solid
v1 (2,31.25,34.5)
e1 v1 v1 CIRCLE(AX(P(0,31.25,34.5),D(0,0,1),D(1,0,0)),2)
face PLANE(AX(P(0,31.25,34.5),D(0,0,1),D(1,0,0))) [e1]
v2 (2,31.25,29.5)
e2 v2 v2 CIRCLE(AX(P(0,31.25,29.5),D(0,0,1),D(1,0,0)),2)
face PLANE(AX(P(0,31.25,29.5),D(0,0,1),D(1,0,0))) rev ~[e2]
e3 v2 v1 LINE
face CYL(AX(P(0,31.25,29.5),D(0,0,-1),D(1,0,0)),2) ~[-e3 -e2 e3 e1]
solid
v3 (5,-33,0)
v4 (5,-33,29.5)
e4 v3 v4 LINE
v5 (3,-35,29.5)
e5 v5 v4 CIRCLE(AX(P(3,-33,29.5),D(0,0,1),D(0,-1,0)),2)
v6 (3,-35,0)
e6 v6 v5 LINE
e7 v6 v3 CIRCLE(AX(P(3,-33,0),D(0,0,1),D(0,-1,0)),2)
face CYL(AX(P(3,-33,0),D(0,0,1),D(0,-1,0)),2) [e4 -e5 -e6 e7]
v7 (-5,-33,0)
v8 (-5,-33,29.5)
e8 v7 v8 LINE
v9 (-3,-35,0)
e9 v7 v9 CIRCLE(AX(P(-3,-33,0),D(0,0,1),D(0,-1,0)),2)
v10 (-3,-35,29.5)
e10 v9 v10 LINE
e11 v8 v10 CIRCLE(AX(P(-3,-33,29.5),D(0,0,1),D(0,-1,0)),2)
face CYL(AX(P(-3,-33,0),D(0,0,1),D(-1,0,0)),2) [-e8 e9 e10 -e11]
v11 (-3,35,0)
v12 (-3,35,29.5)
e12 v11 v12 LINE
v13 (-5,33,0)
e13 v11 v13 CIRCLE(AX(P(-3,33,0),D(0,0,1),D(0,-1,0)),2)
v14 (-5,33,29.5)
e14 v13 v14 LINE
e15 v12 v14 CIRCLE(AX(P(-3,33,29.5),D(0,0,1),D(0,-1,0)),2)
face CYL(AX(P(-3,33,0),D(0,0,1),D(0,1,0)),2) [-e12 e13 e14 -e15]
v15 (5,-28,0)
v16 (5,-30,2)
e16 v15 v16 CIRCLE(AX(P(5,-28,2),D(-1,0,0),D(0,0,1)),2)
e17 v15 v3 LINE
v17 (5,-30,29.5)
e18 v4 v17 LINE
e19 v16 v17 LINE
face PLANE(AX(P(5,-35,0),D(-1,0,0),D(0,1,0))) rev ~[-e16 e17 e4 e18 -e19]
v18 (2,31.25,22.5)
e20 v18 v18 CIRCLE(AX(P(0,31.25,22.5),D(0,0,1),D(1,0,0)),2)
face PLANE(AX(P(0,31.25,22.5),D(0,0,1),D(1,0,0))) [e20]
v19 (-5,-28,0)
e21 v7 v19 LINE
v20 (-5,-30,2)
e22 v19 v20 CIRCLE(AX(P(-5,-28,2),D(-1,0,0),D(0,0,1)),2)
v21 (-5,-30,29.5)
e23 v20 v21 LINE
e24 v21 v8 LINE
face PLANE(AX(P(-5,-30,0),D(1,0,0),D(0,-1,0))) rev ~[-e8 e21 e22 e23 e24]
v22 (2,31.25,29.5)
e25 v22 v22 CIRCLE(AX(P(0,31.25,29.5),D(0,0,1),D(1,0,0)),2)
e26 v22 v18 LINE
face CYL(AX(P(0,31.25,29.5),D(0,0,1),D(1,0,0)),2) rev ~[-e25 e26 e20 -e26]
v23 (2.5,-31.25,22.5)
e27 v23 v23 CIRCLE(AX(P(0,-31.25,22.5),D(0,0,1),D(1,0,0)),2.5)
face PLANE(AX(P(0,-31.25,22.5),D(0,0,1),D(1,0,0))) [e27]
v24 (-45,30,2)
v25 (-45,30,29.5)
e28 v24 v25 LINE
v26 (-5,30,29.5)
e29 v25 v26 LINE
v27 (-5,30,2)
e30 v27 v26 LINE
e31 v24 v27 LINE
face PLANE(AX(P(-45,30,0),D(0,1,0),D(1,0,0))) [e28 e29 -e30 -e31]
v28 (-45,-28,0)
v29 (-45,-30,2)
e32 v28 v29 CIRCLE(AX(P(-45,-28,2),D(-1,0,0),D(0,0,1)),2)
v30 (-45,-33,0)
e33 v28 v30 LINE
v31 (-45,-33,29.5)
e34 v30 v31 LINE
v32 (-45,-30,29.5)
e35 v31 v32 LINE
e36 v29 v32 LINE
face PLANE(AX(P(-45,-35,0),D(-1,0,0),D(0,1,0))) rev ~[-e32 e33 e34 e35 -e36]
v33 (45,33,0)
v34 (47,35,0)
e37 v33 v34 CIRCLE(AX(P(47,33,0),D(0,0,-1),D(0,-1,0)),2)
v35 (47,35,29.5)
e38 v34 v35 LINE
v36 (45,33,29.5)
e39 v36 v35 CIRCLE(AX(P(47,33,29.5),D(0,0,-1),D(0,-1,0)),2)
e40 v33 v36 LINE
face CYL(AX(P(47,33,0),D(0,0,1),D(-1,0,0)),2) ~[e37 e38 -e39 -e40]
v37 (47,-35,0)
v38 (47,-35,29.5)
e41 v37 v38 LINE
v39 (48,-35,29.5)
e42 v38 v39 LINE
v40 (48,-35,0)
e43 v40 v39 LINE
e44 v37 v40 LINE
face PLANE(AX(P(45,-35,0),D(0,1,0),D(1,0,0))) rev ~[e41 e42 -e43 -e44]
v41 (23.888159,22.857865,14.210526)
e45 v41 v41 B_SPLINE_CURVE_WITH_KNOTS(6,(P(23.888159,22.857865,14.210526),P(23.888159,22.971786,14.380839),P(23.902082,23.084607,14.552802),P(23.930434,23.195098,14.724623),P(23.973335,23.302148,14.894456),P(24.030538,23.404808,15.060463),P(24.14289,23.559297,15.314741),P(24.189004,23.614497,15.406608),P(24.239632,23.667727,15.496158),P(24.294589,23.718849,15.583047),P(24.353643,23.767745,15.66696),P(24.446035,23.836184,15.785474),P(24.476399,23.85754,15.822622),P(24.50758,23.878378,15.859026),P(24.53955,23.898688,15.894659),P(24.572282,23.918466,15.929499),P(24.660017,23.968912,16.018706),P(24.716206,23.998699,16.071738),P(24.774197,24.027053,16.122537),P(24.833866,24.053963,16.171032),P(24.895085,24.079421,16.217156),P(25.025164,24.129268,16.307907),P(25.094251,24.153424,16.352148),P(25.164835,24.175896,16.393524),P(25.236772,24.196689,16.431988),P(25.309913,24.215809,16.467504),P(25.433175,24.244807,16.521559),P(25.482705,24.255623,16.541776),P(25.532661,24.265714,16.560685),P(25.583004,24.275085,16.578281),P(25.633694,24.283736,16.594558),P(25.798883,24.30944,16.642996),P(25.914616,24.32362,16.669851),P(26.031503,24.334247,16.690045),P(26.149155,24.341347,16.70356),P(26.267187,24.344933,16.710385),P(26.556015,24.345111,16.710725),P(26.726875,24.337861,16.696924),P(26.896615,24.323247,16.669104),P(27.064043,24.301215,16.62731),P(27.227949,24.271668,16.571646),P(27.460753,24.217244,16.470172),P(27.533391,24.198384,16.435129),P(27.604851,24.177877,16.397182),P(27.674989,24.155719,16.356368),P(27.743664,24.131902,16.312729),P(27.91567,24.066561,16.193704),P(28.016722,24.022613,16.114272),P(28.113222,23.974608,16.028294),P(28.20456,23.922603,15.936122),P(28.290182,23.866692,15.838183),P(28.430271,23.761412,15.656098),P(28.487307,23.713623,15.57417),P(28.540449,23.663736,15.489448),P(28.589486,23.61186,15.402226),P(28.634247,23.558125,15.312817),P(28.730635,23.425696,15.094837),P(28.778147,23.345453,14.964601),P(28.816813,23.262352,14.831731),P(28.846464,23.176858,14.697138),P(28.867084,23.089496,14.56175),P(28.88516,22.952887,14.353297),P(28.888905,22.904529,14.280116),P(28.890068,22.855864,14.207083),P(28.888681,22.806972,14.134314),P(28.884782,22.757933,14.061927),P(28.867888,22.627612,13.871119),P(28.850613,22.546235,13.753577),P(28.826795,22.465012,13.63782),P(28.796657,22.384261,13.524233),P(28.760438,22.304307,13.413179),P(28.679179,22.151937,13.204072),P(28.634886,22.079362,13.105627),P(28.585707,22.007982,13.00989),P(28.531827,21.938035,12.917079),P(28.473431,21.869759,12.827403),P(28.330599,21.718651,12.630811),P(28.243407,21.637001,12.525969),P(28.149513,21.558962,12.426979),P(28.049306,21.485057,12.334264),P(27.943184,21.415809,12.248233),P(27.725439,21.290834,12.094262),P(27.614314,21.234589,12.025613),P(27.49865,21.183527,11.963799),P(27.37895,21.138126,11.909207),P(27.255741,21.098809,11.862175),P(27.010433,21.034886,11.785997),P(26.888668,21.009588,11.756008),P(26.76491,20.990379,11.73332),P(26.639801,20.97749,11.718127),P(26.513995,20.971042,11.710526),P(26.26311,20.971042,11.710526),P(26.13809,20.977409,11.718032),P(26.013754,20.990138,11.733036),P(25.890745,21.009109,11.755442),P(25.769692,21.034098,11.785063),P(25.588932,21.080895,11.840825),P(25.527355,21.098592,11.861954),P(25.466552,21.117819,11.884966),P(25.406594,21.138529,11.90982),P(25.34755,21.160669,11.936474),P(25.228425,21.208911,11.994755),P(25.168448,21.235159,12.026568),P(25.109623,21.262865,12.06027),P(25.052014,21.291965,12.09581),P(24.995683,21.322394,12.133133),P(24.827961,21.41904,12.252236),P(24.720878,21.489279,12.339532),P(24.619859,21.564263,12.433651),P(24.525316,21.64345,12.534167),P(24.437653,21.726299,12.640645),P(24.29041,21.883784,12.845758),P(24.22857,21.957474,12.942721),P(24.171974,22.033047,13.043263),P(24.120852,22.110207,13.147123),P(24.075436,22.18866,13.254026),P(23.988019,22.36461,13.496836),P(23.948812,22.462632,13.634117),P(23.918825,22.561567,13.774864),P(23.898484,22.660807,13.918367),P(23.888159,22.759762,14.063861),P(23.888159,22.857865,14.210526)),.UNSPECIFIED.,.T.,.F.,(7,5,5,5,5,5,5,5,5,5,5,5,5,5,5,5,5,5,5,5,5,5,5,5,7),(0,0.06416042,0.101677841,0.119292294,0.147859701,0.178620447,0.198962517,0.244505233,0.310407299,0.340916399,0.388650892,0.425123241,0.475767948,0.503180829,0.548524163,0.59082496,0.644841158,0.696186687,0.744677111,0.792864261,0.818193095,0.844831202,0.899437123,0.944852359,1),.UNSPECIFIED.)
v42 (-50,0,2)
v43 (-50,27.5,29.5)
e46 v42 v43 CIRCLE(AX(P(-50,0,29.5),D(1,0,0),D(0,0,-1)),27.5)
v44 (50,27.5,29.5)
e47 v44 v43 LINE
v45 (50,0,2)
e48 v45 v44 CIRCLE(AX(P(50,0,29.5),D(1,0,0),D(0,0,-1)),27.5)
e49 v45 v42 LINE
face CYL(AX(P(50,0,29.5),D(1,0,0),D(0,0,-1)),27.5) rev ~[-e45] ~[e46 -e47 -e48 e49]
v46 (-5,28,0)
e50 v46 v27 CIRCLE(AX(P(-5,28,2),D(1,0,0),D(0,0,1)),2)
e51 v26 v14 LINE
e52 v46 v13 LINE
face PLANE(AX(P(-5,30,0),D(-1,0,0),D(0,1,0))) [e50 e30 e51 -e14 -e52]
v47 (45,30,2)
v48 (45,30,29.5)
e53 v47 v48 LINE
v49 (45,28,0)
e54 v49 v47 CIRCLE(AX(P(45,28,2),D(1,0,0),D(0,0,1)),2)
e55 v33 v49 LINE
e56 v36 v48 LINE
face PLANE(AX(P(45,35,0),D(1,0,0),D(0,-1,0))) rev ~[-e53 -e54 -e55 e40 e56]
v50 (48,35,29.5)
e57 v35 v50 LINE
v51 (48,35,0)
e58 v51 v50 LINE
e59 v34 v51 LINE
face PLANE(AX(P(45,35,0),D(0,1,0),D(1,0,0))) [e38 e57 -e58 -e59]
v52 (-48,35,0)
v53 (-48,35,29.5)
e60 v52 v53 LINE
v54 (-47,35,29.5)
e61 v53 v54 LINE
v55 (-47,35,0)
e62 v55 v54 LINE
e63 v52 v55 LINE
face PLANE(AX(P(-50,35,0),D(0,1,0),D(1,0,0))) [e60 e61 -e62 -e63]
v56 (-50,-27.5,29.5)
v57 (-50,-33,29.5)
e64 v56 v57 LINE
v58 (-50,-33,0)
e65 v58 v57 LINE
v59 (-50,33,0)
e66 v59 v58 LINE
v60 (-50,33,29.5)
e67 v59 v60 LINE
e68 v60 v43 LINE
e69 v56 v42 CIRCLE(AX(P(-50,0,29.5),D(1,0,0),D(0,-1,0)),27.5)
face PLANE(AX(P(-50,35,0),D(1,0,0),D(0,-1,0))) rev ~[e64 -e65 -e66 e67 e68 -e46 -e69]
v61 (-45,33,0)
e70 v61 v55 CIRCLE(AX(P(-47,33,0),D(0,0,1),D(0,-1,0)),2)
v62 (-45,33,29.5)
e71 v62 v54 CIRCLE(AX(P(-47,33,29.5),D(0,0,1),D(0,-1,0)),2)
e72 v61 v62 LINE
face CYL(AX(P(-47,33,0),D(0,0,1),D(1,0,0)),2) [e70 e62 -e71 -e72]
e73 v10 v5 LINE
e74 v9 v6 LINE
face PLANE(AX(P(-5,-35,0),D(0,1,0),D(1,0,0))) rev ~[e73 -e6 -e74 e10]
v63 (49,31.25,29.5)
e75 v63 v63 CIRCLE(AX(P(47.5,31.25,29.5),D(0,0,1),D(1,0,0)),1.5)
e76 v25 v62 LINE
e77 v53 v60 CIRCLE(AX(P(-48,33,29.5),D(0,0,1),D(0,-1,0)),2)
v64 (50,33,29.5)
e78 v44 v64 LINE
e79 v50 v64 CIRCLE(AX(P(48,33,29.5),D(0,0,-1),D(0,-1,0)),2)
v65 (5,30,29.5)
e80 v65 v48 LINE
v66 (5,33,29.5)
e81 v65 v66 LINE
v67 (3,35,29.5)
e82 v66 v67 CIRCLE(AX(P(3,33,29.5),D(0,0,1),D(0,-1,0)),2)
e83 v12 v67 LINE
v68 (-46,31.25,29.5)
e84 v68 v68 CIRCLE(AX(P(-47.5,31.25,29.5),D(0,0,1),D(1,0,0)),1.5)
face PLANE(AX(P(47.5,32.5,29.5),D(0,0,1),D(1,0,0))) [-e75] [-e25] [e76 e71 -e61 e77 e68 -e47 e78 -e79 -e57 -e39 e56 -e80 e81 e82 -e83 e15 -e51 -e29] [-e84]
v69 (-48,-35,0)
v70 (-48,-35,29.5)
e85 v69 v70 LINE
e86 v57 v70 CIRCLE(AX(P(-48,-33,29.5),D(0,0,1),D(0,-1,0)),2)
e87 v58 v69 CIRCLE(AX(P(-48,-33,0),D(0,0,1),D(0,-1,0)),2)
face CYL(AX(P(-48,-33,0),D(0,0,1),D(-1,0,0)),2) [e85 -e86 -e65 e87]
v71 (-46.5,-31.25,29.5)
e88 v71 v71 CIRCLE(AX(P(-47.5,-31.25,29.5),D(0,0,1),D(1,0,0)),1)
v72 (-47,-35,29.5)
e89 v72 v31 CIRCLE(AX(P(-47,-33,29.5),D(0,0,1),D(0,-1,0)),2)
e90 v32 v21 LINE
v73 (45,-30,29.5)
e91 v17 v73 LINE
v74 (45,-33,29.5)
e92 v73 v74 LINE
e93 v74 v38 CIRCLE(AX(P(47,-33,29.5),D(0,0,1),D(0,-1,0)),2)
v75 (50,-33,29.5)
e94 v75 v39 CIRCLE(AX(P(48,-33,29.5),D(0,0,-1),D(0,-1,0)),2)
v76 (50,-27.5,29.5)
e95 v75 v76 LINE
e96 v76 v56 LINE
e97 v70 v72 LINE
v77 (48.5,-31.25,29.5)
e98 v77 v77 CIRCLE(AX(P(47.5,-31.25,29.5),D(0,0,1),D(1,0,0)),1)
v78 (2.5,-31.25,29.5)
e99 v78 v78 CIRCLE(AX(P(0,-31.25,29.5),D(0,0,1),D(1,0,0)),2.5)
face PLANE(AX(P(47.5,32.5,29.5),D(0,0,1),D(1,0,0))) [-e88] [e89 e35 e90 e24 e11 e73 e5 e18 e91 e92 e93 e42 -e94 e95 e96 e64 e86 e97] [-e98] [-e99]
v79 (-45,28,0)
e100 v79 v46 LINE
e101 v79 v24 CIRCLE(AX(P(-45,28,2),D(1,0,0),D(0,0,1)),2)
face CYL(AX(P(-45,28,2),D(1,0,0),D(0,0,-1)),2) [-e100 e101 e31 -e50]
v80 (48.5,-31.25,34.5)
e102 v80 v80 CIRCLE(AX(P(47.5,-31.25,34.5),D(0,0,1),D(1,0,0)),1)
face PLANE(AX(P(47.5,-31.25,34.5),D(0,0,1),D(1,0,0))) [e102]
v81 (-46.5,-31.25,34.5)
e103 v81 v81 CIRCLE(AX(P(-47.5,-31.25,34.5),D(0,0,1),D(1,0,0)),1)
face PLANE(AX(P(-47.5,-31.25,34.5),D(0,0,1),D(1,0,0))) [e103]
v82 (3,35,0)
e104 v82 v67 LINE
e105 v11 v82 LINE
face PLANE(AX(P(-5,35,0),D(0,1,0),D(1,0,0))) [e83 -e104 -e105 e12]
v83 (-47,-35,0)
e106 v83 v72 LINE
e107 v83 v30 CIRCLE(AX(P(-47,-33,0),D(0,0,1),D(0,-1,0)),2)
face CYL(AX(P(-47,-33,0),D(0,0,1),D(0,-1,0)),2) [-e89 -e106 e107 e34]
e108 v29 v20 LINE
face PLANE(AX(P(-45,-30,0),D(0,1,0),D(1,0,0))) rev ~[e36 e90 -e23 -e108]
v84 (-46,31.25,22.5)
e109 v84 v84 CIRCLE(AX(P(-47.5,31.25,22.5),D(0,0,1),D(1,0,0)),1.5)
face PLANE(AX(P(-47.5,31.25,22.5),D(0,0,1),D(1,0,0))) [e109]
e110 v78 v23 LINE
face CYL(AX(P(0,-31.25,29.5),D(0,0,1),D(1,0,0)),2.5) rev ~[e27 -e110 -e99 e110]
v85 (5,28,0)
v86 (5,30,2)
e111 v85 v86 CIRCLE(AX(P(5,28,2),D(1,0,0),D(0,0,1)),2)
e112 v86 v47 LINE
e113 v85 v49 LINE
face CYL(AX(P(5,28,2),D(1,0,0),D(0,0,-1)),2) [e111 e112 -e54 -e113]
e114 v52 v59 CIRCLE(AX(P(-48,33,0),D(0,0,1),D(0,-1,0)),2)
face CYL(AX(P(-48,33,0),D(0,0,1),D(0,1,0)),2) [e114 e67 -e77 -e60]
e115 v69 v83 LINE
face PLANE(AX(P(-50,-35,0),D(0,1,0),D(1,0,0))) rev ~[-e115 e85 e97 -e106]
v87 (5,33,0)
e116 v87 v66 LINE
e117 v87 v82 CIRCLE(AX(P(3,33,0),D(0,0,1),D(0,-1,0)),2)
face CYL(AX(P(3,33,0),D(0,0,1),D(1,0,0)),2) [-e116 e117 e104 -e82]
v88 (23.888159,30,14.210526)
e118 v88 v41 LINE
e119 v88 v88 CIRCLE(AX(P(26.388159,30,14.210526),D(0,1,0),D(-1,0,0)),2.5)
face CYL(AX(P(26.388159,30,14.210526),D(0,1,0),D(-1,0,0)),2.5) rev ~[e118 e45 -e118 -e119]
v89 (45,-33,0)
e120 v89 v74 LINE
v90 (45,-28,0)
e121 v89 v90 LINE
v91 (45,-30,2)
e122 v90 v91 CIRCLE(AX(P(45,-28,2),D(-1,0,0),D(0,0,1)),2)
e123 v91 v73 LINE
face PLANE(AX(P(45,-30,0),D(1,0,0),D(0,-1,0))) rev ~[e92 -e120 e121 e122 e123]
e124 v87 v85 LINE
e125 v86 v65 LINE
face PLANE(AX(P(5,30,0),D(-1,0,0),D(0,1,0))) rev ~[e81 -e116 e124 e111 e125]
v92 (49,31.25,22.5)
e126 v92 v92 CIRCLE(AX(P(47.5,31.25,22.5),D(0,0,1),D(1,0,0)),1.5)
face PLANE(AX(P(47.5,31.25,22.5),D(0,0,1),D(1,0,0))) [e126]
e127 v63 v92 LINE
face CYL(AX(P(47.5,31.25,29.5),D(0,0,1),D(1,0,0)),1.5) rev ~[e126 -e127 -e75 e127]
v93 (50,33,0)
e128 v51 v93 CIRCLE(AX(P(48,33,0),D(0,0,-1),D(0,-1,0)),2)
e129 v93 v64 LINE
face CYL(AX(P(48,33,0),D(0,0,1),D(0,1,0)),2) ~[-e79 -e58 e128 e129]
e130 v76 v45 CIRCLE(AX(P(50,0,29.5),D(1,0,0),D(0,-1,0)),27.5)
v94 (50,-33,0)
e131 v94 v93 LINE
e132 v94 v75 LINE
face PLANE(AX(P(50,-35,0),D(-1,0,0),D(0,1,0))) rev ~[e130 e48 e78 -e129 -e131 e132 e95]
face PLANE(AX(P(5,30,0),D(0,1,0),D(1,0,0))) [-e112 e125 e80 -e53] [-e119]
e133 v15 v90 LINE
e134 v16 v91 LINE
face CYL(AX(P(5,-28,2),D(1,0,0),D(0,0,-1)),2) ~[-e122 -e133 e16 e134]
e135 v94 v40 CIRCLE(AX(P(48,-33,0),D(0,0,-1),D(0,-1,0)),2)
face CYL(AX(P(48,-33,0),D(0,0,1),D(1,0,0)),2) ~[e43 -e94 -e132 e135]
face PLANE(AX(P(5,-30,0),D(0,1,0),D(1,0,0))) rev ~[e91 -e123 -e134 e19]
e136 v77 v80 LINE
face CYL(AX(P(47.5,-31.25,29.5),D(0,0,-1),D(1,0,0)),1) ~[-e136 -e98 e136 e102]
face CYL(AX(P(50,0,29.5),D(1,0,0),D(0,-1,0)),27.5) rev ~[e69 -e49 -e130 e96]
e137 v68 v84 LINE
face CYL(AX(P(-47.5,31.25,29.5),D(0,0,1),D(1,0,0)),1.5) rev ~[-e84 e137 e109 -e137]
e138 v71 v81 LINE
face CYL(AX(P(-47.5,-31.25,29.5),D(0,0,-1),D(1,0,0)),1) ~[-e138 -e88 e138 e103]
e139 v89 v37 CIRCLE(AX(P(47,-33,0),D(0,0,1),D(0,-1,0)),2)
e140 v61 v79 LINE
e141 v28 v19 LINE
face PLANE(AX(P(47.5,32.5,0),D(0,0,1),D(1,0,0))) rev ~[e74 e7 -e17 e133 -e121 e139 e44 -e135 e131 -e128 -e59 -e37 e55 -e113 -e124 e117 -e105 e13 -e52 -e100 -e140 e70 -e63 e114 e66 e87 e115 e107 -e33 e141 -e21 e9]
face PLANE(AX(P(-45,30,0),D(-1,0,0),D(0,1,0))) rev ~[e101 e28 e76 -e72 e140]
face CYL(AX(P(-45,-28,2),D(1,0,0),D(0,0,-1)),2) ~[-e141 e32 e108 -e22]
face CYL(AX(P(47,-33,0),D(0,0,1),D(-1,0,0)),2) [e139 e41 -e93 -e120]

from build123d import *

# Parameters (mm, degrees)
F0_W     = 5
F0_H     = 5
F0_H_2   = 60
F0_W_2   = 10
F0_W_3   = 40
F1_DEPTH = 29.5
F3_DEPTH = 100.001
F4_R     = 1
F5_R     = 2
F6_DEPTH = 5
F4_R_2   = 2.5
F5_R_2   = 1.5
F7_DEPTH = 7
F8_R     = 2.5
F9_DEPTH = 10
F10_R    = 2
F11_R    = 2


with BuildPart() as f1:
    # F0 (on Top) → F1 (new body)
    with BuildSketch(Plane.XY):
        with Locations((47.5, 32.5)):
            Rectangle(F0_W, F0_H)
        with Locations((-47.5, 32.5)):
            Rectangle(F0_W, F0_H)
        with Locations((47.5, 0)):
            Rectangle(F0_W, F0_H_2)
        Polygon((50, -35), (50, -30), (45, -30), (45, -32.5), (45, -35), align=None)
        with Locations((-47.5, 0)):
            Rectangle(F0_W, F0_H_2)
        with Locations((0, 32.5)):
            Rectangle(F0_W_2, F0_H)
        Polygon((5, -32.5), (5, -30), (-5, -30), (-5, -32.5), (-5, -35), (5, -35), align=None)
        with Locations((25, 0)):
            Rectangle(F0_W_3, F0_H_2)
        with Locations((-25, 0)):
            Rectangle(F0_W_3, F0_H_2)
        Rectangle(F0_W_2, F0_H_2)
        Polygon((-45, -32.5), (-45, -30), (-50, -30), (-50, -35), (-45, -35), align=None)
    extrude(amount=F1_DEPTH)

    # F2 (on face) → F3 (cut, through all)
    with BuildSketch(Plane.YZ.offset(50)):
        with BuildLine():
            ThreePointArc((-27.5, 29.5), (-19.4454364826, 10.0545635174), (0, 2))
            Line((0, 2), (0, 29.5))
            Line((0, 29.5), (-27.5, 29.5))
        make_face()
        with BuildLine():
            Line((0, 29.5), (0, 2))
            ThreePointArc((0, 2), (19.4454364826, 10.0545635174), (27.5, 29.5))
            Line((27.5, 29.5), (0, 29.5))
        make_face()
    extrude(amount=-F3_DEPTH, mode=Mode.SUBTRACT)

    # F4 (on face) + F5 (on face) → F6 (join)
    with BuildSketch(Plane.XY.offset(29.5)):
        with Locations((-47.5, -31.25)):
            Circle(F4_R)
        with Locations((47.5, -31.25)):
            Circle(F4_R)
    with BuildSketch(Plane.XY.offset(29.5)):
        with Locations((0, 31.25)):
            Circle(F5_R)
    extrude(amount=F6_DEPTH)

    # F4 (on face) + F5 (on face) → F7 (cut)
    with BuildSketch(Plane.XY.offset(29.5)):
        with Locations((0, -31.25)):
            Circle(F4_R_2)
    with BuildSketch(Plane.XY.offset(29.5)):
        with Locations((-47.5, 31.25)):
            Circle(F5_R_2)
        with Locations((0, 31.25)):
            Circle(F5_R)
        with Locations((47.5, 31.25)):
            Circle(F5_R_2)
    extrude(amount=-F7_DEPTH, mode=Mode.SUBTRACT)

    # F8 (on face) → F9 (cut)
    with BuildSketch(Plane(origin=(0, 30, 0), x_dir=(-1, 0, 0), z_dir=(0, 1, 0))):
        with Locations((-26.3881590217, 14.2105259001)):
            Circle(F8_R)
    extrude(amount=-F9_DEPTH, mode=Mode.SUBTRACT)

    # F10
    f10_edges = [f1.edges().sort_by_distance(p)[0] for p in [
        (50, -35, 14.75),
        (45, -35, 14.75),
        (5, -35, 14.75),
        (-5, -35, 14.75),
        (-45, -35, 14.75),
        (-50, -35, 14.75),
        (45, 35, 14.75),
        (50, 35, 14.75),
        (5, 35, 14.75),
        (-5, 35, 14.75),
        (-45, 35, 14.75),
        (-50, 35, 14.75),
    ]]
    fillet(f10_edges, radius=F10_R)

    # F11
    f11_edges = [f1.edges().sort_by_distance(p)[0] for p in [
        (25, 30, 0),
        (-25, 30, 0),
        (-25, -30, 0),
        (25, -30, 0),
    ]]
    fillet(f11_edges, radius=F11_R)


solid = f1.part
